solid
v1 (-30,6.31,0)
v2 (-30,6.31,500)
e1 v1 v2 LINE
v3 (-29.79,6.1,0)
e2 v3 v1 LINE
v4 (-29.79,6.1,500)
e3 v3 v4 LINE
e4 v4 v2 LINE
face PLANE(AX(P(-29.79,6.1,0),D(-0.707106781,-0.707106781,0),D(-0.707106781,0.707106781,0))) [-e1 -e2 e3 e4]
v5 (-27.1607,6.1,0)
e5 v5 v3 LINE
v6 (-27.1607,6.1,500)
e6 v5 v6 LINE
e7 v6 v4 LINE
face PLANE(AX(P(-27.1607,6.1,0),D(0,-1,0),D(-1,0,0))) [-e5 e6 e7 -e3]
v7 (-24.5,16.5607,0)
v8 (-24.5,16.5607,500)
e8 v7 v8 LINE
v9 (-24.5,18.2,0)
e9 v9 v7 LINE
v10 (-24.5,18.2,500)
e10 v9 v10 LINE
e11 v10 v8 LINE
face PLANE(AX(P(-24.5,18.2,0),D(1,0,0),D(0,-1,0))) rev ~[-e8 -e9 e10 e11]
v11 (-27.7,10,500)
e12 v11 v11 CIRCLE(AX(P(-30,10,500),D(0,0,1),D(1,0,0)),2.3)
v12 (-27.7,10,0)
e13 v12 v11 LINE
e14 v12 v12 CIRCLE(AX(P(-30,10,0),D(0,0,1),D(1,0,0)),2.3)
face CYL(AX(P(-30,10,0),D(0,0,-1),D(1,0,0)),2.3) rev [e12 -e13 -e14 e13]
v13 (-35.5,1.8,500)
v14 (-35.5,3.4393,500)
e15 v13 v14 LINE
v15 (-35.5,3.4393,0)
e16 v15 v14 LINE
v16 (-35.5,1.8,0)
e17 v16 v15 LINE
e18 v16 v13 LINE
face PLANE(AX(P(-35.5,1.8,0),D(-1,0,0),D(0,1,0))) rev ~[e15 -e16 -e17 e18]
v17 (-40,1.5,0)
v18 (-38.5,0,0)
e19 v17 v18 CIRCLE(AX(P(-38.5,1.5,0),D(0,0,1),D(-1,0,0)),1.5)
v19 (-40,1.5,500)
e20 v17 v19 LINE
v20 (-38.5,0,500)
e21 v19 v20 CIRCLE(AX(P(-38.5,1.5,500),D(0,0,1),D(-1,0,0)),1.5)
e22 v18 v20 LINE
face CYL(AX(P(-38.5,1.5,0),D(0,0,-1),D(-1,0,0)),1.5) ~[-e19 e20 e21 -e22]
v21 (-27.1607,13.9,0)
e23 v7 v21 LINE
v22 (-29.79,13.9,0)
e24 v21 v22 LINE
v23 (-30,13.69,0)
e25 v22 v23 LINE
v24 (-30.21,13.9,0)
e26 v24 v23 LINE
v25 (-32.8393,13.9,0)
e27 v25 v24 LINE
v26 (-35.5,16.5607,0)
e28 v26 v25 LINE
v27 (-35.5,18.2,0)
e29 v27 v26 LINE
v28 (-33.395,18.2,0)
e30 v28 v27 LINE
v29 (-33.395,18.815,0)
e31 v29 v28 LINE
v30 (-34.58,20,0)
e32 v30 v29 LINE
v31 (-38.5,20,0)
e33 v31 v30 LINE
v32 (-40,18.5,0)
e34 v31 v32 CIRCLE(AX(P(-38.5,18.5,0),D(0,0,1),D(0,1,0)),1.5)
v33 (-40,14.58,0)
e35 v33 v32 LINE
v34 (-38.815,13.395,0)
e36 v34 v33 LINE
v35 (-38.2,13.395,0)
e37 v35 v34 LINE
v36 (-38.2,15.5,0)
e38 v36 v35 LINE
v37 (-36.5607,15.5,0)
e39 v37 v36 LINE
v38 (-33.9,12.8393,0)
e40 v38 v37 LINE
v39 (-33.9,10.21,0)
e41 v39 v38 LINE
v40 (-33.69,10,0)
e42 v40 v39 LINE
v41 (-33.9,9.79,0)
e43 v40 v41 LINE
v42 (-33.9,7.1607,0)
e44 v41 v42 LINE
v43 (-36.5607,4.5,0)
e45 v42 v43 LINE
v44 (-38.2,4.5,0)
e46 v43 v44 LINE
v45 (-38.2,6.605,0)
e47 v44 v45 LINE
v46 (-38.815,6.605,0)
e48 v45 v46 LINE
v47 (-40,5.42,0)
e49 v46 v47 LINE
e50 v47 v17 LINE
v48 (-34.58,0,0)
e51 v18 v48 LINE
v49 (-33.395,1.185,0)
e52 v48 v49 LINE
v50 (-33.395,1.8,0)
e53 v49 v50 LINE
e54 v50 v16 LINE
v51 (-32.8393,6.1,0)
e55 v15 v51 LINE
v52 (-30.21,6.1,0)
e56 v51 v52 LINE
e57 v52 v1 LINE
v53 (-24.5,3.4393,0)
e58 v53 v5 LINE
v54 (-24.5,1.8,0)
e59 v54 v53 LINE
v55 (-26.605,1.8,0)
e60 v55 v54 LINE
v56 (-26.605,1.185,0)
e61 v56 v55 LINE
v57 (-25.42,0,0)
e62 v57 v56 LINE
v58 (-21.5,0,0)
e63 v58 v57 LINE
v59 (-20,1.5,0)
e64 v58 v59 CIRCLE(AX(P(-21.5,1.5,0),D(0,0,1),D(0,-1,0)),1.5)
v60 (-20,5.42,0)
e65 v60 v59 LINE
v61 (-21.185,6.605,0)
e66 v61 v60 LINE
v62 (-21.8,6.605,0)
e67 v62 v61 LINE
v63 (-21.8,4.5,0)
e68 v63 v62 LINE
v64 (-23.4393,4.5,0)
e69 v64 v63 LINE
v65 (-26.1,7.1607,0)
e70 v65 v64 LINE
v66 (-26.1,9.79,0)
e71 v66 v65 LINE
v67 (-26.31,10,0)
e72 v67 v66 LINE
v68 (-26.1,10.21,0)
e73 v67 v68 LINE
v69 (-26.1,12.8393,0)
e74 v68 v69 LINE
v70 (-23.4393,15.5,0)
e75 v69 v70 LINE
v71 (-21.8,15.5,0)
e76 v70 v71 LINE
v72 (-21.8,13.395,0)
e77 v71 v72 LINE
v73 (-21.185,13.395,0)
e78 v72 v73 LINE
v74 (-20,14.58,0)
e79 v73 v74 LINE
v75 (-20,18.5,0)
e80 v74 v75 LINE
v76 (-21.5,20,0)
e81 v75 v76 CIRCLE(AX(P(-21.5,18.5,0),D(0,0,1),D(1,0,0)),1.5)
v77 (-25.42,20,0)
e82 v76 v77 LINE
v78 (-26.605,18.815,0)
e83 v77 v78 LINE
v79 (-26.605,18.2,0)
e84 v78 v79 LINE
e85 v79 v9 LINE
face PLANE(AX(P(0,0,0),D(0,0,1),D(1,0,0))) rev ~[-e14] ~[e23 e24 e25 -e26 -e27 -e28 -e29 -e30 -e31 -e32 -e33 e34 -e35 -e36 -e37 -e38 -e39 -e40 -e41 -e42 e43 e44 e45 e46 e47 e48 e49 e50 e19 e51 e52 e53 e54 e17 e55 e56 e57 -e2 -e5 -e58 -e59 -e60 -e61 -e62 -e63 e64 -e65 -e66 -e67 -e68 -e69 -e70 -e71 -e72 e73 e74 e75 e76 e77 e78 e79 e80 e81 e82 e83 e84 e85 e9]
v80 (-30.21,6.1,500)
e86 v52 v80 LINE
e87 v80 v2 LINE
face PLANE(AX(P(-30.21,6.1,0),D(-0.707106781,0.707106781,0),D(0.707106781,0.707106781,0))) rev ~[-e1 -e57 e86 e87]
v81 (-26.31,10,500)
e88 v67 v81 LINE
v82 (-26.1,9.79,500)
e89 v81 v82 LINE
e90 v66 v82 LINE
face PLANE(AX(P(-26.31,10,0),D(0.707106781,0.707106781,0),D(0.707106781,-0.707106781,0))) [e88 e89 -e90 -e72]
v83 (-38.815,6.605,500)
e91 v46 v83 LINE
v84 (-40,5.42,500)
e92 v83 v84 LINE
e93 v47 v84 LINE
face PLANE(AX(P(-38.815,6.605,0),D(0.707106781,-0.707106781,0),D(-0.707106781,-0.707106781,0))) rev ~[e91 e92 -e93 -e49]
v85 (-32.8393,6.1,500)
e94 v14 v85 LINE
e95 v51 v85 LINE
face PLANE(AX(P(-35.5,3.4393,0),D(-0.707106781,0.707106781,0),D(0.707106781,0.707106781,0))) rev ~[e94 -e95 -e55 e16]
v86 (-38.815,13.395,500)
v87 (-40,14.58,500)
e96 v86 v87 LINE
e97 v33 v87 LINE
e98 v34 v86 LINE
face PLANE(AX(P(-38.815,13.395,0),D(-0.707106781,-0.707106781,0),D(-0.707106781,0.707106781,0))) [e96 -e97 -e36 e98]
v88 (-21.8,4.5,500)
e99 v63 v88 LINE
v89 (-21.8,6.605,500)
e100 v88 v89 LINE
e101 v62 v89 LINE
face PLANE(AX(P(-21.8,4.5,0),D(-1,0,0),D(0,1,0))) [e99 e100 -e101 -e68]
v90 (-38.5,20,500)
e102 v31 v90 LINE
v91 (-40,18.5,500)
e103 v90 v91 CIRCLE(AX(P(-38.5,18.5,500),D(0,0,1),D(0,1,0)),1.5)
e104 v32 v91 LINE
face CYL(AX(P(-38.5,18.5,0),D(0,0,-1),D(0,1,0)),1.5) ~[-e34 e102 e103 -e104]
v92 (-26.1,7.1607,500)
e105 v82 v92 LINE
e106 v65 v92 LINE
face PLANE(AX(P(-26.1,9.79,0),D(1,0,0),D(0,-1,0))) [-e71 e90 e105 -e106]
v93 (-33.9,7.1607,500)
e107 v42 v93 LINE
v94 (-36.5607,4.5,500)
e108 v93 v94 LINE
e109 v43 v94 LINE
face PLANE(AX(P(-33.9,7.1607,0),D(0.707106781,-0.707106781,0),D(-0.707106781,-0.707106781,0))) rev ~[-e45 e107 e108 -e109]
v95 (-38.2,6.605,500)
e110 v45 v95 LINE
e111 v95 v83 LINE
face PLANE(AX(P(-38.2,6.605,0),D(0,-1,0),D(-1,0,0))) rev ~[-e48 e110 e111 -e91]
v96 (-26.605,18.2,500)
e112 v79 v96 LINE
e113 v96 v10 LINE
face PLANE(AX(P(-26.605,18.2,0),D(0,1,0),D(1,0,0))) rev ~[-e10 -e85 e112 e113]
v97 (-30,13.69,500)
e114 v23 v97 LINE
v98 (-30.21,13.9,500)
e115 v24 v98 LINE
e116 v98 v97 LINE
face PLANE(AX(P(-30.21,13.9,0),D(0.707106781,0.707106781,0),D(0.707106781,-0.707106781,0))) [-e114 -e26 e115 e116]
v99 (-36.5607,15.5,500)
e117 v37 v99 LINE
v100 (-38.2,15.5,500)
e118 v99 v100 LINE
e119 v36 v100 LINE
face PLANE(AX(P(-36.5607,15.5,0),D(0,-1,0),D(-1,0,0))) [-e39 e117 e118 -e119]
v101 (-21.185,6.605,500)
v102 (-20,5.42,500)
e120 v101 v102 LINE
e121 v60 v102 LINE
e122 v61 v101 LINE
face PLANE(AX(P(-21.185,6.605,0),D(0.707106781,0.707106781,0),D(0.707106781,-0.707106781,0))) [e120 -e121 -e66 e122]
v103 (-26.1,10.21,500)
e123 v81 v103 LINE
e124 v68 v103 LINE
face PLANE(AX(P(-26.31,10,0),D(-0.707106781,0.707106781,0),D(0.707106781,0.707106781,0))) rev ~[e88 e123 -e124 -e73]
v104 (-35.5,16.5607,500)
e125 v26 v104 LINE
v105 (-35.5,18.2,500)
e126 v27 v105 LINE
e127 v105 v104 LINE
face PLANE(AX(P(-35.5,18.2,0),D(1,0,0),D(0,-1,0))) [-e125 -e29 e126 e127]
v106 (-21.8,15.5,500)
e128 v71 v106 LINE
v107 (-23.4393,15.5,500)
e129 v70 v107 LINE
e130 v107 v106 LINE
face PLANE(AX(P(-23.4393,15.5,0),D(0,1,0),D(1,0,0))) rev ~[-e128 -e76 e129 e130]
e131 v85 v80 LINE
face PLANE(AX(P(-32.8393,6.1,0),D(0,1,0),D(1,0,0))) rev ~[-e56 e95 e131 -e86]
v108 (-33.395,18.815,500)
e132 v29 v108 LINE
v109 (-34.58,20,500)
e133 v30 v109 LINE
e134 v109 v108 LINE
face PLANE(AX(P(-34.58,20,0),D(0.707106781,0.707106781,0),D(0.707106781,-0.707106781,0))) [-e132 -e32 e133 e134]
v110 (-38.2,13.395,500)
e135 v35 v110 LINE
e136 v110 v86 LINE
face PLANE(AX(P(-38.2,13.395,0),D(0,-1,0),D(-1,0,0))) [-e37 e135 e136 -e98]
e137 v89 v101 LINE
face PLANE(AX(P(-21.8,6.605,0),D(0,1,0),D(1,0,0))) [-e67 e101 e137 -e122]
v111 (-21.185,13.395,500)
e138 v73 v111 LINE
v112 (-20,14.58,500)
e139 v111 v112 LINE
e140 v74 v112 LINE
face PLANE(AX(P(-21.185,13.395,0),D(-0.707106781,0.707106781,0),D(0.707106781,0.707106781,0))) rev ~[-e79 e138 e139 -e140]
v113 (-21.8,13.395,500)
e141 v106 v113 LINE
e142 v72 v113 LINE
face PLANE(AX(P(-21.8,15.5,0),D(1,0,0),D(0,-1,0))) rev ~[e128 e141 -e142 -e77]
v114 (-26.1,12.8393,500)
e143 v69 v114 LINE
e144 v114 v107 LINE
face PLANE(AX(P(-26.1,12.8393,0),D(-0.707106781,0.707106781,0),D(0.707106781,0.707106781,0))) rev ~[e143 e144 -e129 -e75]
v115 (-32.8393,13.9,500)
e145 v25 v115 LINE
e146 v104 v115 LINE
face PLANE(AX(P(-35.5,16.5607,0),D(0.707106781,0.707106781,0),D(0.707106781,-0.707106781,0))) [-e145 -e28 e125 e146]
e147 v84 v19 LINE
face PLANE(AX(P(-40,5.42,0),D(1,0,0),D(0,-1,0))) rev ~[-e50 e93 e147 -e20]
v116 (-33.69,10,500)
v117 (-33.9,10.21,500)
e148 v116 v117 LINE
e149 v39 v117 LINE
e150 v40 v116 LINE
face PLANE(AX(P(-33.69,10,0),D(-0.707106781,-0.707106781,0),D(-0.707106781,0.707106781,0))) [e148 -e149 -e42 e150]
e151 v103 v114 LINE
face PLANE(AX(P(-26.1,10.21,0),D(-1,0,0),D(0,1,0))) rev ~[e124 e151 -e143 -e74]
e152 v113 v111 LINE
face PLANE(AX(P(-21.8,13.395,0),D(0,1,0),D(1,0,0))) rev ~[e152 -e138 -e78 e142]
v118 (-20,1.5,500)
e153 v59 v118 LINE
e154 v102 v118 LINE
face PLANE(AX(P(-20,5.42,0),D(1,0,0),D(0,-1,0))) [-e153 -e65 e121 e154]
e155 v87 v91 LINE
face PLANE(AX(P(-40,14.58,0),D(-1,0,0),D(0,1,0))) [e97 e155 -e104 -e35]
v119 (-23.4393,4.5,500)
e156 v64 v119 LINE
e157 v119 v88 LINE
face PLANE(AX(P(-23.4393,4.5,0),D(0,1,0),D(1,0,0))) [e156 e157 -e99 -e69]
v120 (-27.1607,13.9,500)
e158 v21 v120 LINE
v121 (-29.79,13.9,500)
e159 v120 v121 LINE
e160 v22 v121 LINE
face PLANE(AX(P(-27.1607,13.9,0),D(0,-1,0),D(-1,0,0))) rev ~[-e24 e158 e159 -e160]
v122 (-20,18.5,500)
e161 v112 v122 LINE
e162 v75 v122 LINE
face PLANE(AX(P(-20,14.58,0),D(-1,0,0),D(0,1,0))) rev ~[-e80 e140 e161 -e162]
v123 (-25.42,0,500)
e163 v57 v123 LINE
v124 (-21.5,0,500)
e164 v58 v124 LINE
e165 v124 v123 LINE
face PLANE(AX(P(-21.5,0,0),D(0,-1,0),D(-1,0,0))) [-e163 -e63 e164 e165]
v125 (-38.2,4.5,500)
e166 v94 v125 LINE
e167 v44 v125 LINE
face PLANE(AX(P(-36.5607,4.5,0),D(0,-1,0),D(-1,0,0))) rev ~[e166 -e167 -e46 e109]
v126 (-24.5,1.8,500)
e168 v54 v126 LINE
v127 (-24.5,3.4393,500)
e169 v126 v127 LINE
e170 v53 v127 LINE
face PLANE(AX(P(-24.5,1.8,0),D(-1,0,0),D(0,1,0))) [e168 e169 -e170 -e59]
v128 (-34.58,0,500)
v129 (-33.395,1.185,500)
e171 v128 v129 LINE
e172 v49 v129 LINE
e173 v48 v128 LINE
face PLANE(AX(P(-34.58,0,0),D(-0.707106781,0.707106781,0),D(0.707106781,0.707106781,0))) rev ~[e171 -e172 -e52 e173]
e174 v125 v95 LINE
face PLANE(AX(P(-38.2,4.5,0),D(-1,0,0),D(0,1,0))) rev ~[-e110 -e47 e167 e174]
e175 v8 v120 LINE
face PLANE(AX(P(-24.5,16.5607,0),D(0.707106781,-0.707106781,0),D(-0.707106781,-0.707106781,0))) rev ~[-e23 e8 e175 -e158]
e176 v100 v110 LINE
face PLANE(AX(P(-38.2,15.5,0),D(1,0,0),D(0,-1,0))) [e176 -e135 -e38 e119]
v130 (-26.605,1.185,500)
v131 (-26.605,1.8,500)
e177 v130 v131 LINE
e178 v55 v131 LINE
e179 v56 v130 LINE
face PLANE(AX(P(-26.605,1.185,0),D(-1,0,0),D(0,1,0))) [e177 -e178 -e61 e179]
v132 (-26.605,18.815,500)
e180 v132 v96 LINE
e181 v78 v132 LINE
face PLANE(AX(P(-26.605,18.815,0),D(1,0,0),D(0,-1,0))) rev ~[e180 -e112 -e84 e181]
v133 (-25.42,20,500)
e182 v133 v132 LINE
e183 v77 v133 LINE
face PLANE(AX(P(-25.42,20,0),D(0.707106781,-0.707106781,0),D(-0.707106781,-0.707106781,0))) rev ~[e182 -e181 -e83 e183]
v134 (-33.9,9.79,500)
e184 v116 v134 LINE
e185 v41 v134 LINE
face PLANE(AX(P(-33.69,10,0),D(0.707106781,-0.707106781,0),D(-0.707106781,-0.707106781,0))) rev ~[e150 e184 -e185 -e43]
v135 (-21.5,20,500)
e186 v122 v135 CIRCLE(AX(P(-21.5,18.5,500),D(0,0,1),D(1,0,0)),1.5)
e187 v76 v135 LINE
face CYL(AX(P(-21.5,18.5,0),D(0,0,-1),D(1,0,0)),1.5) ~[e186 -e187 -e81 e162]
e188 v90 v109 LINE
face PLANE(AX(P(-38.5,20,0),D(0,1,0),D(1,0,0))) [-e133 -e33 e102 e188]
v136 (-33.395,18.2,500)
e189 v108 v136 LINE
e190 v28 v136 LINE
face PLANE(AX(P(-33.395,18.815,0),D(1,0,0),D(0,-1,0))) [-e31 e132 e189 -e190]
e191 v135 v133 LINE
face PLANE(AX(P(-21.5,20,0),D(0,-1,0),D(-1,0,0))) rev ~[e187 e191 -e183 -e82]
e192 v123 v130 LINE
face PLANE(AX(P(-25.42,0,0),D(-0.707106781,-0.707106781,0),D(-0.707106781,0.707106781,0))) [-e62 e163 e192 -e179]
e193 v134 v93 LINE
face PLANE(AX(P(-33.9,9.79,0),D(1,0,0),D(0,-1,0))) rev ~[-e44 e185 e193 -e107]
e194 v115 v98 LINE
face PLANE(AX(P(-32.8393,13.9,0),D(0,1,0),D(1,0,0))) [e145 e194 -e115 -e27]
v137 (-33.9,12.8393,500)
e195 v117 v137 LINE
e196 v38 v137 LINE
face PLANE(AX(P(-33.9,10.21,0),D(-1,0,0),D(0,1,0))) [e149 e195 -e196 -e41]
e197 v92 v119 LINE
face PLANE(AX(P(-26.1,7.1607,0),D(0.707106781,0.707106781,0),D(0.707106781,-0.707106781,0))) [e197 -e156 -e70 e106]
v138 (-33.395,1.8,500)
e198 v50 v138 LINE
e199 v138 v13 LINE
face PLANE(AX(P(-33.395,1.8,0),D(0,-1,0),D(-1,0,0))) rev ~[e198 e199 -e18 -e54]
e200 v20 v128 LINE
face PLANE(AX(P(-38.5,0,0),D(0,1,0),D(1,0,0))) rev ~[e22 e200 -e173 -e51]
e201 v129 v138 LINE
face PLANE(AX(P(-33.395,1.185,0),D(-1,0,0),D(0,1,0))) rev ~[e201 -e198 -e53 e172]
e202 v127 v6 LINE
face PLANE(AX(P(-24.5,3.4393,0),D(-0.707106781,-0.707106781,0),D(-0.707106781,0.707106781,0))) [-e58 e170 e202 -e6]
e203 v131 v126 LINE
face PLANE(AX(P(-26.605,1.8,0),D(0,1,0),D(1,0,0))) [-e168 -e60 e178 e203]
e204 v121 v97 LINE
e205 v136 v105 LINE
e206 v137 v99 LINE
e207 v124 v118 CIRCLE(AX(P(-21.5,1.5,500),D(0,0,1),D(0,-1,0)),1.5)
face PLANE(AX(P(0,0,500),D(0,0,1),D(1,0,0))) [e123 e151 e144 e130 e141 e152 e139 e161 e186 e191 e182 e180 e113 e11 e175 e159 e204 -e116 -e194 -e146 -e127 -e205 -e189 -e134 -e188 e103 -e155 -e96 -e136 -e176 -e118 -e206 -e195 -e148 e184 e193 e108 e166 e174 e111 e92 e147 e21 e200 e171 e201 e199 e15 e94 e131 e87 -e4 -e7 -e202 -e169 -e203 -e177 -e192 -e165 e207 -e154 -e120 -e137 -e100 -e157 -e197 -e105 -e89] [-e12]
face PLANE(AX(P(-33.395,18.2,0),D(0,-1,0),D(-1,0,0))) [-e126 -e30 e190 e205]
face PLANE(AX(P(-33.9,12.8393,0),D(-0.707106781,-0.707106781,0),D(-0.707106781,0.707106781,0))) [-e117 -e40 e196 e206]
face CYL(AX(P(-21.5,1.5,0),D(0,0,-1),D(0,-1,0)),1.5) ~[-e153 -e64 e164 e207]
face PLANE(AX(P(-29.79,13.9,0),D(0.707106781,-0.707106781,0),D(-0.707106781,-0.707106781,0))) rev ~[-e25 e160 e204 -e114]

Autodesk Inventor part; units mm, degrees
ref_plane "YZ Plane" through (0, 0, 0) normal (1, 0, 0) x (0, 1, 0)
ref_plane "XZ Plane" through (0, 0, 0) normal (0, 1, 0) x (-1, 0, 0)
ref_plane "XY Plane" through (0, 0, 0) normal (0, 0, 1) x (1, 0, 0)
sketch "Sketch1" plane through (0, 0, 0) normal (0, 0, 1) x (1, 0, 0)
  line L0 (-33.69, 10) -> (-33.9, 10.21)
  line L1 (-33.9, 10.21) -> (-33.9, 12.8393)
  line L2 (-33.9, 12.8393) -> (-36.5607, 15.5)
  line L3 (-36.5607, 15.5) -> (-38.2, 15.5)
  line L4 (-38.2, 15.5) -> (-38.2, 13.395)
  line L5 (-38.2, 13.395) -> (-38.815, 13.395)
  line L6 (-38.815, 13.395) -> (-40, 14.58)
  line L7 (-40, 14.58) -> (-40, 18.5)
  arc A0 (-38.5, 20) -> (-40, 18.5) centre (-38.5, 18.5) ccw
  line L8 (-38.5, 20) -> (-34.58, 20)
  line L9 (-34.58, 20) -> (-33.395, 18.815)
  line L10 (-33.395, 18.815) -> (-33.395, 18.2)
  line L11 (-33.395, 18.2) -> (-35.5, 18.2)
  line L12 (-35.5, 18.2) -> (-35.5, 16.5607)
  line L13 (-35.5, 16.5607) -> (-32.8393, 13.9)
  line L14 (-32.8393, 13.9) -> (-30.21, 13.9)
  line L15 (-30.21, 13.9) -> (-30, 13.69)
  circle A1 centre (-30, 10) radius 2.3
  line L16 (-30.21, 6.1) -> (-30, 6.31)
  line L17 (-32.8393, 6.1) -> (-30.21, 6.1)
  line L18 (-33.9, 9.79) -> (-33.9, 7.1607)
  line L19 (-33.69, 10) -> (-33.9, 9.79)
  line L20 (-33.395, 1.185) -> (-33.395, 1.8)
  line L21 (-35.5, 3.4393) -> (-32.8393, 6.1)
  line L22 (-33.395, 1.8) -> (-35.5, 1.8)
  line L23 (-35.5, 1.8) -> (-35.5, 3.4393)
  line L24 (-34.58, 0) -> (-33.395, 1.185)
  line L25 (-33.9, 7.1607) -> (-36.5607, 4.5)
  line L26 (-36.5607, 4.5) -> (-38.2, 4.5)
  line L27 (-38.2, 4.5) -> (-38.2, 6.605)
  line L28 (-38.2, 6.605) -> (-38.815, 6.605)
  line L29 (-38.815, 6.605) -> (-40, 5.42)
  line L30 (-38.5, 0) -> (-34.58, 0)
  arc A2 (-40, 1.5) -> (-38.5, 0) centre (-38.5, 1.5) ccw
  line L31 (-40, 5.42) -> (-40, 1.5)
  line L32 (-29.79, 13.9) -> (-30, 13.69)
  line L33 (-27.1607, 13.9) -> (-29.79, 13.9)
  line L34 (-26.1, 10.21) -> (-26.1, 12.8393)
  line L35 (-26.31, 10) -> (-26.1, 10.21)
  line L36 (-26.605, 18.815) -> (-26.605, 18.2)
  line L37 (-24.5, 16.5607) -> (-27.1607, 13.9)
  line L38 (-26.605, 18.2) -> (-24.5, 18.2)
  line L39 (-24.5, 18.2) -> (-24.5, 16.5607)
  line L40 (-25.42, 20) -> (-26.605, 18.815)
  line L41 (-26.1, 12.8393) -> (-23.4393, 15.5)
  line L42 (-23.4393, 15.5) -> (-21.8, 15.5)
  line L43 (-21.8, 15.5) -> (-21.8, 13.395)
  line L44 (-21.8, 13.395) -> (-21.185, 13.395)
  line L45 (-21.185, 13.395) -> (-20, 14.58)
  line L46 (-21.5, 20) -> (-25.42, 20)
  arc A3 (-20, 18.5) -> (-21.5, 20) centre (-21.5, 18.5) ccw
  line L47 (-20, 14.58) -> (-20, 18.5)
  line L48 (-29.79, 6.1) -> (-30, 6.31)
  line L49 (-26.605, 1.185) -> (-26.605, 1.8)
  line L50 (-27.1607, 6.1) -> (-29.79, 6.1)
  line L51 (-26.1, 9.79) -> (-26.1, 7.1607)
  line L52 (-26.31, 10) -> (-26.1, 9.79)
  line L53 (-24.5, 3.4393) -> (-27.1607, 6.1)
  line L54 (-26.605, 1.8) -> (-24.5, 1.8)
  line L55 (-24.5, 1.8) -> (-24.5, 3.4393)
  line L56 (-25.42, 0) -> (-26.605, 1.185)
  line L57 (-26.1, 7.1607) -> (-23.4393, 4.5)
  line L58 (-23.4393, 4.5) -> (-21.8, 4.5)
  line L59 (-21.8, 4.5) -> (-21.8, 6.605)
  line L60 (-21.8, 6.605) -> (-21.185, 6.605)
  line L61 (-21.5, 0) -> (-25.42, 0)
  line L62 (-21.185, 6.605) -> (-20, 5.42)
  line L63 (-20, 5.42) -> (-20, 1.5)
  arc A4 (-21.5, 0) -> (-20, 1.5) centre (-21.5, 1.5) ccw
extrude "Extrusion6" add sketch "Sketch1" along normal blind 500
properties part number "Aluminium Profile 2020 500mm" material "Aluminum 6061"
